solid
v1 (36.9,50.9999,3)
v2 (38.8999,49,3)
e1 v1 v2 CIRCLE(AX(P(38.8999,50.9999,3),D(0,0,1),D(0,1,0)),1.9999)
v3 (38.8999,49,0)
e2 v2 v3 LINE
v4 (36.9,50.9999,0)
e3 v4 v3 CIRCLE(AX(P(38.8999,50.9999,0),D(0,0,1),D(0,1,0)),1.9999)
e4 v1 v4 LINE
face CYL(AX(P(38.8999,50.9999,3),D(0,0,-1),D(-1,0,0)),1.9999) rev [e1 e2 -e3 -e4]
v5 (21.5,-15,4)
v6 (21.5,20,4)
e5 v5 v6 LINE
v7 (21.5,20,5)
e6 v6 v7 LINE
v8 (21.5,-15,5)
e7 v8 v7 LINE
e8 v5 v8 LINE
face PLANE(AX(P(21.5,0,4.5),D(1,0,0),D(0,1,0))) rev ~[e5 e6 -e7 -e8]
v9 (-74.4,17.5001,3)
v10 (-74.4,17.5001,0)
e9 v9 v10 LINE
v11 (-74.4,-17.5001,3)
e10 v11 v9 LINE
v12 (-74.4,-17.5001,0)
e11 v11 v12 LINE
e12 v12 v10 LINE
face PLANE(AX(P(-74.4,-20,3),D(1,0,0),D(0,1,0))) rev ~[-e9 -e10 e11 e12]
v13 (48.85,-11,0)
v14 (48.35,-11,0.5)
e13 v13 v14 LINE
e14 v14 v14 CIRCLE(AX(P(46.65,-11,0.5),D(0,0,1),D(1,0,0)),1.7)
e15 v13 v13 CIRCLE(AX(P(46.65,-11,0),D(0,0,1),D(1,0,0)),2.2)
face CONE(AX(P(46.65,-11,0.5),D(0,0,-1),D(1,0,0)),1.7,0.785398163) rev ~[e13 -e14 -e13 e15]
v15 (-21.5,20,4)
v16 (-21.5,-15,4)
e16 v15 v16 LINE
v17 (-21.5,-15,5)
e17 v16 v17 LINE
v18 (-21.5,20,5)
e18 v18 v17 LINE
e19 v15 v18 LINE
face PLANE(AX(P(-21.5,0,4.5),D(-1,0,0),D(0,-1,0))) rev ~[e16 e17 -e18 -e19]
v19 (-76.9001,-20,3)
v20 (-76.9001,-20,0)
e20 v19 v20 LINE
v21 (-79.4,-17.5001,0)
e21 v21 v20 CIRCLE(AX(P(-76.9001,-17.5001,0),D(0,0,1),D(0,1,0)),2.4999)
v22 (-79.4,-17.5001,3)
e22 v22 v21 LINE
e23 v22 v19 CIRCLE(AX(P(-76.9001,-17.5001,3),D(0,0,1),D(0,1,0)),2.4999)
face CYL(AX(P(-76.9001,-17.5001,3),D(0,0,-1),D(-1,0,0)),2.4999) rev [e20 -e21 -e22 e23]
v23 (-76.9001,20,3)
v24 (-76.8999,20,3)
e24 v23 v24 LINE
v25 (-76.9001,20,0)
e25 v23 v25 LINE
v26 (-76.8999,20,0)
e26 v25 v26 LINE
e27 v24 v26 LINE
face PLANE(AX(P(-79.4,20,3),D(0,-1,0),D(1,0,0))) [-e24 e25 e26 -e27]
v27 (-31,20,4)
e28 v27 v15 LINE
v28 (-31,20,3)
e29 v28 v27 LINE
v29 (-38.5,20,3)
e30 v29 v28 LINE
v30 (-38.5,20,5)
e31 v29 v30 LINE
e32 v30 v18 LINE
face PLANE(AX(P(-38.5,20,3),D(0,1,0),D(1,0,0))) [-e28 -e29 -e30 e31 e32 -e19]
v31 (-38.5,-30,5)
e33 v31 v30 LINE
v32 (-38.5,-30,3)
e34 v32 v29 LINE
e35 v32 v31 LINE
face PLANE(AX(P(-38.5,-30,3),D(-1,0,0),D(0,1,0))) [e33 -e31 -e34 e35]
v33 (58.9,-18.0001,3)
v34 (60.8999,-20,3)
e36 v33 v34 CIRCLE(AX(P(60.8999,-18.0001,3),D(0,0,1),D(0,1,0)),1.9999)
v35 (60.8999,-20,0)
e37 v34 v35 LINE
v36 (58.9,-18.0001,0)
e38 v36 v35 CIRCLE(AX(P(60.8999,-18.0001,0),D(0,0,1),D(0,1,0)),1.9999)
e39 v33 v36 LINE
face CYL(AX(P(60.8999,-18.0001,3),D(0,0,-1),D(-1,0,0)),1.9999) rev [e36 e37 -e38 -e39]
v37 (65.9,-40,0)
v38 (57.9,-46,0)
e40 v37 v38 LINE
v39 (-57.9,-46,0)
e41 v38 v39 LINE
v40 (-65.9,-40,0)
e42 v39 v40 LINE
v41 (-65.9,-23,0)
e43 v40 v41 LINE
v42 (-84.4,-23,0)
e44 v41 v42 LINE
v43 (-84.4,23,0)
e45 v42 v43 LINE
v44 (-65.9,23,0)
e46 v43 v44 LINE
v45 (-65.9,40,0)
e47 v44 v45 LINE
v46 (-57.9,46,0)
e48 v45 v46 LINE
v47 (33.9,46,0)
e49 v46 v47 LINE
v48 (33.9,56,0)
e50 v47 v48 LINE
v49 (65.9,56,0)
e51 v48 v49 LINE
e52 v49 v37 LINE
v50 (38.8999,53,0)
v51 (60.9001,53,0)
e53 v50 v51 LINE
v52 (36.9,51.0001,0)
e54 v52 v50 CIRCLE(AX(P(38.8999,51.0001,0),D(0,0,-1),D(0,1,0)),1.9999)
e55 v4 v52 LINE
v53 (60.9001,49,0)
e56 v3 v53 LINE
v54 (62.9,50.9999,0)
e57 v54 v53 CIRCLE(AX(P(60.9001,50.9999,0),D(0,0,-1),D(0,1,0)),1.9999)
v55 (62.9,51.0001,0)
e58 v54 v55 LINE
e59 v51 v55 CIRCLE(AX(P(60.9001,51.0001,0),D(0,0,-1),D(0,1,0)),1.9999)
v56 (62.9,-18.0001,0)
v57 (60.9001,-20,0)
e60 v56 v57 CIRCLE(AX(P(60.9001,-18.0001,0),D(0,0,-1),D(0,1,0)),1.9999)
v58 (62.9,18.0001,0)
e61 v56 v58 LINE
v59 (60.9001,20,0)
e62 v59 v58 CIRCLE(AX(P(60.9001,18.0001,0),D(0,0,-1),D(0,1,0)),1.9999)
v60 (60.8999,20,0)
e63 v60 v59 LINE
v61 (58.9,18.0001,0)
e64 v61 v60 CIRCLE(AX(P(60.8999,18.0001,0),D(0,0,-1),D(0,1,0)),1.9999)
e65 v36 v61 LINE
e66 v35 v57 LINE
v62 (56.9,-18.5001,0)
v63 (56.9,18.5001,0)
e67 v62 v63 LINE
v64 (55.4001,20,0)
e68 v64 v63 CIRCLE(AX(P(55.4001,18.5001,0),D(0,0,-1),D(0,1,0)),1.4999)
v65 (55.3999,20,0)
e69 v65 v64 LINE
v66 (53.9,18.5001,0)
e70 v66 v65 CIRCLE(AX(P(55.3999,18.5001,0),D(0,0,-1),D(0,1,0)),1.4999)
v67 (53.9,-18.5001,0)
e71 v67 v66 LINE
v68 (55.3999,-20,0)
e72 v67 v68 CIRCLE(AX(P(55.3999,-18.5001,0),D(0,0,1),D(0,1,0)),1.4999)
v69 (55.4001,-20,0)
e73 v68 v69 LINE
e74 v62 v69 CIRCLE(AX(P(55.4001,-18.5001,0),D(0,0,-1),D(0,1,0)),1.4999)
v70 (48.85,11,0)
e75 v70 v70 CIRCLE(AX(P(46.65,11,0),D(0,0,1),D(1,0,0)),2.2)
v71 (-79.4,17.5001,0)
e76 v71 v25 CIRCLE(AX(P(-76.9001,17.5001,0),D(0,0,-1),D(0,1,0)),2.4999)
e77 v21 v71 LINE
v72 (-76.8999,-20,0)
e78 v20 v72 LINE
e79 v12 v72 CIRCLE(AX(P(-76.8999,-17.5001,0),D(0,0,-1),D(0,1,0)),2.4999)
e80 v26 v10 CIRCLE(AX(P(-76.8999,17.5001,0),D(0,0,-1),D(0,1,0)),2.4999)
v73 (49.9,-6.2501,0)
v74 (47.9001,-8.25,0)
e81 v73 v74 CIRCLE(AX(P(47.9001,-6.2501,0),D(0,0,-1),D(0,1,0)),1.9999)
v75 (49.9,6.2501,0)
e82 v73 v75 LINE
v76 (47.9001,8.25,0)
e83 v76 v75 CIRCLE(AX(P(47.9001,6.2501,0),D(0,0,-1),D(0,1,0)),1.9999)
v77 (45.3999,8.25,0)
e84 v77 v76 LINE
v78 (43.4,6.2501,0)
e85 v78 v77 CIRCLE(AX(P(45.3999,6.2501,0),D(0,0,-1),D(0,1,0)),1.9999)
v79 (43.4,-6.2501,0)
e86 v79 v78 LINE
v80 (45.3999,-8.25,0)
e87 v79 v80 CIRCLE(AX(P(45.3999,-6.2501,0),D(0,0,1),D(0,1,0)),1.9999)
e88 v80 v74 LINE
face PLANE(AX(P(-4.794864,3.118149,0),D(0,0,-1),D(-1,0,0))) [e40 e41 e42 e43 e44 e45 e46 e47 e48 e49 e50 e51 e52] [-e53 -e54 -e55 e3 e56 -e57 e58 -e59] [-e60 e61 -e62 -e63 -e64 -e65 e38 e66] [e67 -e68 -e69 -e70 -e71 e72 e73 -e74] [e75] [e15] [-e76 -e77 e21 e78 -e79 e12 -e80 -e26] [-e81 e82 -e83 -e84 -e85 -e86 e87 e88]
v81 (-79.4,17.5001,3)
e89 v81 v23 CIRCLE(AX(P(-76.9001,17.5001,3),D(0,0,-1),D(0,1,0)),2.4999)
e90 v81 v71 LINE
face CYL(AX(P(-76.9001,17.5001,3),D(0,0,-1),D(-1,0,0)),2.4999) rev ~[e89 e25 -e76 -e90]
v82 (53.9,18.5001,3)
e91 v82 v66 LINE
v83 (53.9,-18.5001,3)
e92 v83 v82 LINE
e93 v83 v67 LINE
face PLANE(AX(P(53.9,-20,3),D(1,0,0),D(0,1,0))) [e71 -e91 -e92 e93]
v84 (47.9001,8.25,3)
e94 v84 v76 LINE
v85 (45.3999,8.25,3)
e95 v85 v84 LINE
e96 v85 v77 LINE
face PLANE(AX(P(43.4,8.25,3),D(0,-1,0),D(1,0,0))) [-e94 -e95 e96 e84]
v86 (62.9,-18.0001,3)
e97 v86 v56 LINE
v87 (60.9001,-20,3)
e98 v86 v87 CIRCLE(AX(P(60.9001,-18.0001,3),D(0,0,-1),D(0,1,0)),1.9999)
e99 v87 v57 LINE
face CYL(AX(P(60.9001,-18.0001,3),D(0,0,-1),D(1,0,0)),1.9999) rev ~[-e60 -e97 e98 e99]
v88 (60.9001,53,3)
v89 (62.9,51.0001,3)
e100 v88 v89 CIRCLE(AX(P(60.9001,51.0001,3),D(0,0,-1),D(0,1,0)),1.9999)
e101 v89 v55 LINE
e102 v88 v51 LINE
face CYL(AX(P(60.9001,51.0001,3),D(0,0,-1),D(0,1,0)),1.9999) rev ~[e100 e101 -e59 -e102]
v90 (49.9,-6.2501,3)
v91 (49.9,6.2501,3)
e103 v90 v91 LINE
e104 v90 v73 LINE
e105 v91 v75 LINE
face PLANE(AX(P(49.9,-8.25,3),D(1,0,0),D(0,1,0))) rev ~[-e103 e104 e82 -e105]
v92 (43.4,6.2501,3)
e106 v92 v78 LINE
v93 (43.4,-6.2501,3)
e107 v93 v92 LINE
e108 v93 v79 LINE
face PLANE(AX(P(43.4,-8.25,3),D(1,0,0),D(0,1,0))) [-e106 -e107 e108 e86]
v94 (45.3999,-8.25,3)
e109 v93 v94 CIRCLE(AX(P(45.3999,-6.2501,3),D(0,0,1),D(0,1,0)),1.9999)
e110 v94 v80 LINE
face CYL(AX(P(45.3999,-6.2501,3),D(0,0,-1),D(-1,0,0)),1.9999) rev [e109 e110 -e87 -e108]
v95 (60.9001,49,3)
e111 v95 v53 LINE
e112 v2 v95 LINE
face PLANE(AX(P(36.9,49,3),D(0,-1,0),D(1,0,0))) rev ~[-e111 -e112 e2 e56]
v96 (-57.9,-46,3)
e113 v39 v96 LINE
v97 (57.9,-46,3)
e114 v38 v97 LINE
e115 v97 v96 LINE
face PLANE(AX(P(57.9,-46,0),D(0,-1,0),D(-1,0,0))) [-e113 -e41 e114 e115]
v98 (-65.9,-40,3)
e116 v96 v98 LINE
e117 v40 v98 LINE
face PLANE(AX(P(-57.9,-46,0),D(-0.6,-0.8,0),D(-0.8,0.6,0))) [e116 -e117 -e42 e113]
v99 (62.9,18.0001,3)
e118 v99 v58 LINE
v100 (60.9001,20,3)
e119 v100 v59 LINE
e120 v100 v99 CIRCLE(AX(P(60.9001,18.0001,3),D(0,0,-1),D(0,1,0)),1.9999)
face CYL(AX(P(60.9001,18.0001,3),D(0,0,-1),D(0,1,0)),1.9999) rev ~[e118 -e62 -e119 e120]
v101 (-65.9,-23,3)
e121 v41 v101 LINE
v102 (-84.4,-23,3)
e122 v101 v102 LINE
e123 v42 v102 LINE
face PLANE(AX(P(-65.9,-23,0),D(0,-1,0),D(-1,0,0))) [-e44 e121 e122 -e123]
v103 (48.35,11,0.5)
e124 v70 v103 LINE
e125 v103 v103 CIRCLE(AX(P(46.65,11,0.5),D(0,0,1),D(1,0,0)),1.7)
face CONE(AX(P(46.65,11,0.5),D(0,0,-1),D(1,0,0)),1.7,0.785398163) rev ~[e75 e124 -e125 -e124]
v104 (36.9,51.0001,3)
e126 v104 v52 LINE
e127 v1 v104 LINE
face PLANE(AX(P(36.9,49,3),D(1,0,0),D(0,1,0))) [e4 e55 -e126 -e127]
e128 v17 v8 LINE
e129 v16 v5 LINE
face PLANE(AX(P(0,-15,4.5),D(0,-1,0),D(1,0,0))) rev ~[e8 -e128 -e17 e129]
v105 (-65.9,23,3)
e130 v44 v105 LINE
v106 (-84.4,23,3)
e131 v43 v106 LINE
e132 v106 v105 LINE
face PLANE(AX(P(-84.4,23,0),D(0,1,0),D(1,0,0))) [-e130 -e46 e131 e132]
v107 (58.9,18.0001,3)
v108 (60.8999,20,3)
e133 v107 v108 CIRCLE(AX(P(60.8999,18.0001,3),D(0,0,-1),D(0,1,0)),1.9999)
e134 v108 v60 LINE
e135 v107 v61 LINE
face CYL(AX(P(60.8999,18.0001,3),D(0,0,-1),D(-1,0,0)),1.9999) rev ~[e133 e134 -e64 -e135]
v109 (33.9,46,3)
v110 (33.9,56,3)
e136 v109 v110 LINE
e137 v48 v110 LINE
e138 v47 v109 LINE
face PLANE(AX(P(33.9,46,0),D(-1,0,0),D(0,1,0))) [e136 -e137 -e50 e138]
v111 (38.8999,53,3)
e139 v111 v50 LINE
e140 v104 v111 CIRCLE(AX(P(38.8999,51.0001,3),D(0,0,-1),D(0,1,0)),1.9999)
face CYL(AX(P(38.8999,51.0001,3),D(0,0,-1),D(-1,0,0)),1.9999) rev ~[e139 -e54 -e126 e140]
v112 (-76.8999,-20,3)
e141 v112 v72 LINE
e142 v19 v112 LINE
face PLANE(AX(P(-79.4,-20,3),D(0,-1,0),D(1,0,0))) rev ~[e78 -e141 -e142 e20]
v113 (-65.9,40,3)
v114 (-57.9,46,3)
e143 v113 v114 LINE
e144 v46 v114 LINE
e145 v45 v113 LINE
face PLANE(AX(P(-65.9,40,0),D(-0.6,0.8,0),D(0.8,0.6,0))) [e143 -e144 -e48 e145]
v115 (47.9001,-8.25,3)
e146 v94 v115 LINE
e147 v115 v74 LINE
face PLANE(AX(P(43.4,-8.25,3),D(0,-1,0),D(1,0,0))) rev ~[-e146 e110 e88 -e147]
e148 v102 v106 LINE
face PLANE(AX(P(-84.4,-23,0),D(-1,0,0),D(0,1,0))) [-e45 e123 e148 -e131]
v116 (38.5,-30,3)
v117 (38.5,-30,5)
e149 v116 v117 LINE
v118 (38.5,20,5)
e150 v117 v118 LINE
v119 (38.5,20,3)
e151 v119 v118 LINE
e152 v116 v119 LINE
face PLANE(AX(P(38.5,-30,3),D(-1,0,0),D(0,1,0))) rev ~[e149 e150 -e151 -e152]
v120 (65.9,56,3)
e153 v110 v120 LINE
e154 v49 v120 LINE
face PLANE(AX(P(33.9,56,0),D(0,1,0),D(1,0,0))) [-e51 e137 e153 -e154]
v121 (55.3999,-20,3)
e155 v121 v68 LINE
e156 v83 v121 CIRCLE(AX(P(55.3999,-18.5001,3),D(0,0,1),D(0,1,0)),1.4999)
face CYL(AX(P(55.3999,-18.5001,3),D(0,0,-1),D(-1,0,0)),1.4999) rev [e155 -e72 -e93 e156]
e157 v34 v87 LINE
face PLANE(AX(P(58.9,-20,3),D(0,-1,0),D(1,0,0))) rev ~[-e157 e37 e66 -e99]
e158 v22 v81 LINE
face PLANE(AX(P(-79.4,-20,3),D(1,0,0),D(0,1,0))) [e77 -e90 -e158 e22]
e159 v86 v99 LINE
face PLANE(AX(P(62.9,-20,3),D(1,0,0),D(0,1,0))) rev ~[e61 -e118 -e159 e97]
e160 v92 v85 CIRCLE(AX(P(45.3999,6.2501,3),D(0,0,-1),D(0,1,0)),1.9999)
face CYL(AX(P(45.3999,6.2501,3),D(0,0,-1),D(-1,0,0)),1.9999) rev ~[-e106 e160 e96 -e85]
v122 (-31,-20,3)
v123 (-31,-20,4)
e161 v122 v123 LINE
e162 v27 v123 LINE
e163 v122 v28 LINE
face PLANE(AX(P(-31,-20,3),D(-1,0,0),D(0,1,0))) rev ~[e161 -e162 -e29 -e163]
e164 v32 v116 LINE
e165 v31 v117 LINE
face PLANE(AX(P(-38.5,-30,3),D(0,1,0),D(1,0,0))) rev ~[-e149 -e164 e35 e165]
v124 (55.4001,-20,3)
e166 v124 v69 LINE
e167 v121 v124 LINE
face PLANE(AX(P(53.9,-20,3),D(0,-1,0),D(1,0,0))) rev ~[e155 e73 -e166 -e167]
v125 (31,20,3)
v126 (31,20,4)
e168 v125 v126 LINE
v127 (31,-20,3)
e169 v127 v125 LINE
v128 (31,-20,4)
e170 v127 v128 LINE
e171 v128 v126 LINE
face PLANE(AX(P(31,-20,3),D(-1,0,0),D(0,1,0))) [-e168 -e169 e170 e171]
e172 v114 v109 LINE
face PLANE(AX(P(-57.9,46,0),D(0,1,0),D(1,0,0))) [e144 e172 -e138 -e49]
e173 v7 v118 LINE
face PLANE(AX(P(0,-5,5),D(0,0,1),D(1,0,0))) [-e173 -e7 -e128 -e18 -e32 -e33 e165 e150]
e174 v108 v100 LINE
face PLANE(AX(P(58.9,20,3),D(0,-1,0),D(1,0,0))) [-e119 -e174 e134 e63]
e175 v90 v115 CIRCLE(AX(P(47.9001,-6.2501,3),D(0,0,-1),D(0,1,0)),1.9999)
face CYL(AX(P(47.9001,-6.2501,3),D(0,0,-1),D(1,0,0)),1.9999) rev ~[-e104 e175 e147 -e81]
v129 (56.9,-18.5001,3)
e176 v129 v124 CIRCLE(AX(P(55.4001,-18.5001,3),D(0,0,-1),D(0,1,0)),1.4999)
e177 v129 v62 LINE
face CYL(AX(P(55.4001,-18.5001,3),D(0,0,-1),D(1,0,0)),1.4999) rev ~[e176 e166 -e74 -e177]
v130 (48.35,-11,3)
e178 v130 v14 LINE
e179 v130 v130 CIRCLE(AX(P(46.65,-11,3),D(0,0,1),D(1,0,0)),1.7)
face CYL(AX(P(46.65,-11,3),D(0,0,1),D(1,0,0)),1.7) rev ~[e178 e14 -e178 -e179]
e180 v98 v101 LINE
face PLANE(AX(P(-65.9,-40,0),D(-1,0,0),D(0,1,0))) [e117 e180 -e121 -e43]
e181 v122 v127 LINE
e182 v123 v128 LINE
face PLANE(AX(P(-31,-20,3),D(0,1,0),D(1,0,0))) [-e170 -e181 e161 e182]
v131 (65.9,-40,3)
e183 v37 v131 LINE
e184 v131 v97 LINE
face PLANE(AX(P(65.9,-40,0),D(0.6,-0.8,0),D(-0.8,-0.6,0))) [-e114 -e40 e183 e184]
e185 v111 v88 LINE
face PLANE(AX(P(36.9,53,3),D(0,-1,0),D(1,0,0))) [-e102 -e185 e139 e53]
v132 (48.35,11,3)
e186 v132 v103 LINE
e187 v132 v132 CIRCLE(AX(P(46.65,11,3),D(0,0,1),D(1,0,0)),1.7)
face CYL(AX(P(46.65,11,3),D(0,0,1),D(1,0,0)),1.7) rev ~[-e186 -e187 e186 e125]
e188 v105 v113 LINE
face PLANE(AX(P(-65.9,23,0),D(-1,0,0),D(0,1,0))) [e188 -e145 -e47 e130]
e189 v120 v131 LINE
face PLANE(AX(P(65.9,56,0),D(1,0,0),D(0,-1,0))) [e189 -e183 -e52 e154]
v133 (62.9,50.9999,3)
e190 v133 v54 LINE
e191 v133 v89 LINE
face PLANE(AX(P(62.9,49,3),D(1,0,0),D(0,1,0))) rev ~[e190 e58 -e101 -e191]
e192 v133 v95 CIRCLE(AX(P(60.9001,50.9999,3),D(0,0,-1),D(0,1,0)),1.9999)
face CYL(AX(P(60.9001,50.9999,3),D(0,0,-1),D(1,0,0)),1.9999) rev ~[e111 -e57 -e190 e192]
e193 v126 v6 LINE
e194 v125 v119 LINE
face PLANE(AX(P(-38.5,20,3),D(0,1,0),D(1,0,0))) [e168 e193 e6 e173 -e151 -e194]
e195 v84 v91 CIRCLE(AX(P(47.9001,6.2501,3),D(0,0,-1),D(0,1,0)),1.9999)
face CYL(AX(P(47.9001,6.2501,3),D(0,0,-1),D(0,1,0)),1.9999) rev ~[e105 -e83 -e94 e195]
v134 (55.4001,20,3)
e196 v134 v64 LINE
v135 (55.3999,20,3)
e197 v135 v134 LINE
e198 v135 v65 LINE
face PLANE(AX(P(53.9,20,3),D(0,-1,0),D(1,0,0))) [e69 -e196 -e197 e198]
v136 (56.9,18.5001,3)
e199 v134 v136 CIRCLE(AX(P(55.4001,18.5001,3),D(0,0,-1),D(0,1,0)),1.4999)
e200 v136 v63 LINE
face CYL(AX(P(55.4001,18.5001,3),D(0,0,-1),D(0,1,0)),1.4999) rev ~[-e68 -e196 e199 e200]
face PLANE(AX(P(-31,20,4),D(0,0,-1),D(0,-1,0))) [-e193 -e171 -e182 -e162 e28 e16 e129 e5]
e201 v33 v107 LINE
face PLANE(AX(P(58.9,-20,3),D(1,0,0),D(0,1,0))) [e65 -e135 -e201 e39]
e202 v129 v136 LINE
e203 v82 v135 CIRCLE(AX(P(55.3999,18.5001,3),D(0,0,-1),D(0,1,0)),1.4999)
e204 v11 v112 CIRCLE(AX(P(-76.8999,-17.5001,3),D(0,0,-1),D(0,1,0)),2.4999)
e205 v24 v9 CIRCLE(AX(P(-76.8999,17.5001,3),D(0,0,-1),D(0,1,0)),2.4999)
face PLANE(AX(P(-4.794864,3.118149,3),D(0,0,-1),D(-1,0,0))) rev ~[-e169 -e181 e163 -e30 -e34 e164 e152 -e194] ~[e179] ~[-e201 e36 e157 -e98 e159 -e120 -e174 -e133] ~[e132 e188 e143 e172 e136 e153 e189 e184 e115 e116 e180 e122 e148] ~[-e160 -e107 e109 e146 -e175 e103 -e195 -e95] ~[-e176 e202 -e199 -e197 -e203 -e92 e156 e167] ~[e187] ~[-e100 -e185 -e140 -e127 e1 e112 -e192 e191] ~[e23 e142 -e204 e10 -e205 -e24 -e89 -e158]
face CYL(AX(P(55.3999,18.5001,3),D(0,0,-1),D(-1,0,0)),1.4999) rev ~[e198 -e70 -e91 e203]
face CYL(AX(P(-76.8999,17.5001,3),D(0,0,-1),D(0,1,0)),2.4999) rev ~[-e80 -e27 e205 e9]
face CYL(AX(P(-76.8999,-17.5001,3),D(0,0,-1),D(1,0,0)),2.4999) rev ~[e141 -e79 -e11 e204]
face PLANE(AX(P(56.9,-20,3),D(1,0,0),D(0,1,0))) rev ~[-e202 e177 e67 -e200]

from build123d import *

# Parameters (mm, degrees)
SKETCH029_W     = 62
SKETCH029_H     = 40
PAD002_DEPTH    = 2
SKETCH030_W     = 40
SKETCH030_H     = 1
POCKET001_DEPTH = 9.5
SKETCH031_W     = 40
SKETCH031_H     = 1
POCKET002_DEPTH = 9.5
SKETCH032_W     = 43
SKETCH032_H     = 1
POCKET003_DEPTH = 5
PAD_DEPTH       = 3
SKETCH027_R     = 1.7
SKETCH027_W     = 6.5
SKETCH027_H     = 16.5
SKETCH027_W_2   = 4
SKETCH027_H_2   = 40
SKETCH027_W_3   = 3
SKETCH027_W_4   = 26
SKETCH027_H_3   = 4
SKETCH027_W_5   = 5
POCKET_DEPTH    = 3
FILLET001_R     = 1.9999
FILLET002_R     = 1.4999
FILLET003_R     = 2.4999
CHAMFER001_SIZE = 0.5
SKETCH028_W     = 77
SKETCH028_H     = 50
PAD001_DEPTH    = 2


with BuildPart() as body002:
    # Sketch029 → Pad002 (new body)
    with BuildSketch(Plane.XY):
        Rectangle(SKETCH029_W, SKETCH029_H)
    extrude(amount=PAD002_DEPTH)

    # Sketch030 (on Face2 of Pad002) → Pocket001 (cut)
    with BuildSketch(Plane.YZ.offset(31)):
        with Locations((0, 1.5)):
            Rectangle(SKETCH030_W, SKETCH030_H)
    extrude(amount=-POCKET001_DEPTH, mode=Mode.SUBTRACT)

    # Sketch031 (on Face7 of Pocket001) → Pocket002 (cut)
    with BuildSketch(Plane(origin=(-31, 0, 0), x_dir=(0, -1, 0), z_dir=(-1, 0, 0))):
        with Locations((0, 1.5)):
            Rectangle(SKETCH031_W, SKETCH031_H)
    extrude(amount=-POCKET002_DEPTH, mode=Mode.SUBTRACT)

    # Sketch032 (on Face10 of Pocket002) → Pocket003 (cut)
    with BuildSketch(Plane.XZ.offset(20)):
        with Locations((0, 1.5)):
            Rectangle(SKETCH032_W, SKETCH032_H)
    extrude(amount=-POCKET003_DEPTH, mode=Mode.SUBTRACT)


with BuildPart() as body002_1:
    # Body002 placement: moved
    add(body002.part.moved(Location((0, 0, 3))))


with BuildPart() as chest_mount:
    # Sketch → Pad (new body)
    with BuildSketch(Plane.XY):
        Polygon((-57.9, 46), (33.9, 46), (33.9, 56), (65.9, 56), (65.9, -40), (57.9, -46), (-57.9, -46), (-65.9, -40), (-65.9, -23), (-84.4, -23), (-84.4, 23), (-65.9, 23), (-65.9, 40), align=None)
    extrude(amount=PAD_DEPTH)

    # Sketch027 (on Face15 of Pad) → Pocket (cut)
    with BuildSketch(Plane.XY.offset(3)):
        with Locations((46.65, 11)):
            Circle(SKETCH027_R)
        with Locations((46.65, -11)):
            Circle(SKETCH027_R)
        with Locations((46.65, 0)):
            Rectangle(SKETCH027_W, SKETCH027_H)
        with Locations((60.9, 0)):
            Rectangle(SKETCH027_W_2, SKETCH027_H_2)
        with Locations((55.4, 0)):
            Rectangle(SKETCH027_W_3, SKETCH027_H_2)
        with Locations((49.9, 51)):
            Rectangle(SKETCH027_W_4, SKETCH027_H_3)
        with Locations((-76.9, 0)):
            Rectangle(SKETCH027_W_5, SKETCH027_H_2)
    extrude(amount=-POCKET_DEPTH, mode=Mode.SUBTRACT)

    # Fillet001
    fillet001_edges = [chest_mount.edges().sort_by_distance(p)[0] for p in [
        (62.9, 20, 1.5),
        (58.9, 20, 1.5),
        (62.9, -20, 1.5),
        (58.9, -20, 1.5),
        (36.9, 49, 1.5),
        (62.9, 49, 1.5),
        (62.9, 53, 1.5),
        (36.9, 53, 1.5),
        (49.9, -8.25, 1.5),
        (43.4, -8.25, 1.5),
        (43.4, 8.25, 1.5),
        (49.9, 8.25, 1.5),
    ]]
    fillet(fillet001_edges, radius=FILLET001_R)

    # Fillet002
    fillet002_edges = [chest_mount.edges().sort_by_distance(p)[0] for p in [
        (53.9, -20, 1.5),
        (56.9, -20, 1.5),
        (53.9, 20, 1.5),
        (56.9, 20, 1.5),
    ]]
    fillet(fillet002_edges, radius=FILLET002_R)

    # Fillet003
    fillet003_edges = [chest_mount.edges().sort_by_distance(p)[0] for p in [
        (-74.4, -20, 1.5),
        (-79.4, -20, 1.5),
        (-79.4, 20, 1.5),
        (-74.4, 20, 1.5),
    ]]
    fillet(fillet003_edges, radius=FILLET003_R)

    # Chamfer001
    chamfer001_edges = [chest_mount.edges().sort_by_distance(p)[0] for p in [
        (44.95, 11, 0),
        (44.95, -11, 0),
    ]]
    chamfer(chamfer001_edges, length=CHAMFER001_SIZE)

    # Sketch028 (on Face58 of Chamfer001) → Pad001 (join)
    with BuildSketch(Plane.XY.offset(3)):
        with Locations((0, -5)):
            Rectangle(SKETCH028_W, SKETCH028_H)
    extrude(amount=PAD001_DEPTH)

    # Boolean: cut Body002
    add(body002_1.part, mode=Mode.SUBTRACT)


solid = chest_mount.part
